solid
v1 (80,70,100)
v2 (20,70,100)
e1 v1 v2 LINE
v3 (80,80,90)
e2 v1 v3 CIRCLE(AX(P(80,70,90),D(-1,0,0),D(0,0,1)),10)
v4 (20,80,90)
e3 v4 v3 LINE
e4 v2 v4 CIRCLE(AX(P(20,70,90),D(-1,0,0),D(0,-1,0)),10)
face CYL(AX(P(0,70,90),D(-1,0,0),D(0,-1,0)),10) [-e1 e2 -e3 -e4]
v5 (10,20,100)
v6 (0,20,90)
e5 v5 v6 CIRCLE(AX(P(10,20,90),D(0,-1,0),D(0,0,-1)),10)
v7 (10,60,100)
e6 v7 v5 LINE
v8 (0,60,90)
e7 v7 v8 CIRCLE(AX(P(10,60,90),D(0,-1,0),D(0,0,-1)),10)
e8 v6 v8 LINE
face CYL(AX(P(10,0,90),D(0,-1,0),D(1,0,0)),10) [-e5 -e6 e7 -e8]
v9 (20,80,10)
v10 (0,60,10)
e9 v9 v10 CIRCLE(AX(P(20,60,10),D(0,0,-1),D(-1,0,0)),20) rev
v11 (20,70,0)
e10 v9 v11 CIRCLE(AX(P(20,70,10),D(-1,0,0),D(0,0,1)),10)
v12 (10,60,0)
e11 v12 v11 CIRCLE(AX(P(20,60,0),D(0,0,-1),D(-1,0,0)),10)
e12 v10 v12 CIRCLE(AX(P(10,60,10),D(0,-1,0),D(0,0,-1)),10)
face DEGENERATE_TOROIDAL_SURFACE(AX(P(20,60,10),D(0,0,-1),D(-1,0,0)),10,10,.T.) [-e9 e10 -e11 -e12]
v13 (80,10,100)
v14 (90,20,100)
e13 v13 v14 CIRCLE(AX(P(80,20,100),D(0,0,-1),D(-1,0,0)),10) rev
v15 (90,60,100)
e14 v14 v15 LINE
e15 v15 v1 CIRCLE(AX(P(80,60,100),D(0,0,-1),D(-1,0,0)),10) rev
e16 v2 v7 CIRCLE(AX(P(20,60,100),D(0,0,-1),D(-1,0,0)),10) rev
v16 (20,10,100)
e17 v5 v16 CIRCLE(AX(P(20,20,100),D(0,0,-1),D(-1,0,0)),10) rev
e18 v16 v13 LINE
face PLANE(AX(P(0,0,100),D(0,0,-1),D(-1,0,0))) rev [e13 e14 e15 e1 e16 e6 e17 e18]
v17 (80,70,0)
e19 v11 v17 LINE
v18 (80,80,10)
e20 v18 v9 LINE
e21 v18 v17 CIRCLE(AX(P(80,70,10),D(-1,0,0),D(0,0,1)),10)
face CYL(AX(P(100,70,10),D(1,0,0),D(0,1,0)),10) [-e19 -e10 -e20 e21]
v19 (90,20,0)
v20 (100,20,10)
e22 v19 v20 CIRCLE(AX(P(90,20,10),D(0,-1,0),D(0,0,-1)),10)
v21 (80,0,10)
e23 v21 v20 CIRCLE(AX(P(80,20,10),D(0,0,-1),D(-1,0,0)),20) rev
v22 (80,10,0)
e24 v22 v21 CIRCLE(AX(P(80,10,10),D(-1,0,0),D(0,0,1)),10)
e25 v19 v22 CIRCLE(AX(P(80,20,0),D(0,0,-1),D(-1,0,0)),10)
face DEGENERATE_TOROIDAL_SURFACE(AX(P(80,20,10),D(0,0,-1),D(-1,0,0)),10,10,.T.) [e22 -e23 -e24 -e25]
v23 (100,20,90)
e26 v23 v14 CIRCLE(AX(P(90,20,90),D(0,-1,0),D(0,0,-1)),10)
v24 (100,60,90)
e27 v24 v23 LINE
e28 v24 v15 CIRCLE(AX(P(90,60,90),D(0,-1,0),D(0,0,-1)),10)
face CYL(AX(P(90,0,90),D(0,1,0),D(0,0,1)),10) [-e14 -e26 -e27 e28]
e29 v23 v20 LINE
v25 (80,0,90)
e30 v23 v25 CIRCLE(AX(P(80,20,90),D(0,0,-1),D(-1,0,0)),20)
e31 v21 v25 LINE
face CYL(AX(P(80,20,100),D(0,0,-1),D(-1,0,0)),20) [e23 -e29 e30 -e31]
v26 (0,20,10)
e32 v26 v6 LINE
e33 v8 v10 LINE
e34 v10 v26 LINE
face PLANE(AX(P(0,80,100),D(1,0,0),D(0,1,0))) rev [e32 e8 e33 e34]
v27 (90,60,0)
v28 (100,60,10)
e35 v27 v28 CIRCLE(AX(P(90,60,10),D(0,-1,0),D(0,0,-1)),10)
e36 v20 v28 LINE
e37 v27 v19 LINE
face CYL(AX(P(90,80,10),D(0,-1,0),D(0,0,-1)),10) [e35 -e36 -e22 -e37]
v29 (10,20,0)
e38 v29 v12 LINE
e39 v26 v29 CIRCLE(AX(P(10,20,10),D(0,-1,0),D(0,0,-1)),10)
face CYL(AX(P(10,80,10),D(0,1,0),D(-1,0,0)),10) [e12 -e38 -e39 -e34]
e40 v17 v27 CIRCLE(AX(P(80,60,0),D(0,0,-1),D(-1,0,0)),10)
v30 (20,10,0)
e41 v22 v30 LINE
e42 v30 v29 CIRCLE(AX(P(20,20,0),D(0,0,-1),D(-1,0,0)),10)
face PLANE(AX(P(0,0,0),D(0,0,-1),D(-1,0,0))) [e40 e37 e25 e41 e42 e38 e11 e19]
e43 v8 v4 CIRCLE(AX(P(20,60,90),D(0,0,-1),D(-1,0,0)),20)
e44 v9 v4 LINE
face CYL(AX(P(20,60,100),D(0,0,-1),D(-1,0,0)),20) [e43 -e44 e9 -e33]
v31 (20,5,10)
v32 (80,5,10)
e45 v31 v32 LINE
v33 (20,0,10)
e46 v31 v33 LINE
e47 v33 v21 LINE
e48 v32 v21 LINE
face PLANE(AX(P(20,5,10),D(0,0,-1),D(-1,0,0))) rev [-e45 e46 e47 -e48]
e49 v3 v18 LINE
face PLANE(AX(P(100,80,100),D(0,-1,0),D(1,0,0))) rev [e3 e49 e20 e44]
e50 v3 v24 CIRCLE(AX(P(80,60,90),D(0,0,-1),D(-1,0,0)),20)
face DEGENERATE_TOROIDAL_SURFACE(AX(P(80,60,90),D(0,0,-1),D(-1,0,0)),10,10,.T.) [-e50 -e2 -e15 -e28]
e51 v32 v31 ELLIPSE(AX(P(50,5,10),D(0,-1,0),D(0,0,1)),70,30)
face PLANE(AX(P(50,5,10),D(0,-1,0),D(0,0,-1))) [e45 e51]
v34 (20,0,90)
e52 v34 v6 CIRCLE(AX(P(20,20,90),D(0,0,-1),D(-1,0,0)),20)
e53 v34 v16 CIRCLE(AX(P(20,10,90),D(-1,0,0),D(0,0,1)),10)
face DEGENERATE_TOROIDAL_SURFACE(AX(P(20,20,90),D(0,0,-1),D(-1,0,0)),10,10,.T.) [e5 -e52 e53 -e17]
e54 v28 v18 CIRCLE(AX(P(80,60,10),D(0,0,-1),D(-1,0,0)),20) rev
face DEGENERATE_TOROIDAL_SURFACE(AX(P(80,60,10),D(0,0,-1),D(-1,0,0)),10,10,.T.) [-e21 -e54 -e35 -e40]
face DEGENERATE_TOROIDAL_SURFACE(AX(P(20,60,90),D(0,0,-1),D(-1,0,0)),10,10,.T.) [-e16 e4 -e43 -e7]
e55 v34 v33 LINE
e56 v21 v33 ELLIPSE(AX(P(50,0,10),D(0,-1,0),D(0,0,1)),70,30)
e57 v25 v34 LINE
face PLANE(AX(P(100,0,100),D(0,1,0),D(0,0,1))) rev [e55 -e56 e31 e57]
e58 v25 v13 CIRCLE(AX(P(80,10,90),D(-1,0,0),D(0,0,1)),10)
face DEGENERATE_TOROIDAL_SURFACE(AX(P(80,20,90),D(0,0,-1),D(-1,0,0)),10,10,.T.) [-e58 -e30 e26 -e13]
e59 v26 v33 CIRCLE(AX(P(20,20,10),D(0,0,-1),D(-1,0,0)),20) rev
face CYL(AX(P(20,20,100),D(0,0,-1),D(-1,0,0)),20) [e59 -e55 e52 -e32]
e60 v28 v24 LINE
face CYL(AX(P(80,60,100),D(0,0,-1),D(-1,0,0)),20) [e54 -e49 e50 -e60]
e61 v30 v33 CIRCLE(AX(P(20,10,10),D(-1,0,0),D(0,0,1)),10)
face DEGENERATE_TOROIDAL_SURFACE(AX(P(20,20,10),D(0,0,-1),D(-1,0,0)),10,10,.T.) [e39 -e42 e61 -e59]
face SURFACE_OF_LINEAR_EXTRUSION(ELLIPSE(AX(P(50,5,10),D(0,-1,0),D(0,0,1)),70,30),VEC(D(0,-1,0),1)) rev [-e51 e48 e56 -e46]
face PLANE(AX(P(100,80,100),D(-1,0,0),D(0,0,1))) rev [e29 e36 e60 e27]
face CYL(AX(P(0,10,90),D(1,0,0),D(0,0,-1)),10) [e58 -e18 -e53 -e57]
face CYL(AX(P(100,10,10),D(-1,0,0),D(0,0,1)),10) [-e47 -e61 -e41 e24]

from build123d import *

# Parameters (mm, degrees)
SKETCH_1_W          = 100
SKETCH_1_H          = 80
EXTRUDE_1_DEPTH     = 100
FILLET_1_R          = 20
FILLET_2_R          = 10
CUT_EXTRUDE_1_DEPTH = 5


with BuildPart() as part:
    # Эскиз1 → Бобышка-Вытянуть1 (new body)
    with BuildSketch(Plane.XY):
        with Locations((50, 40)):
            Rectangle(SKETCH_1_W, SKETCH_1_H)
    extrude(amount=EXTRUDE_1_DEPTH)

    # Скругление1
    fillet_1_edges = [part.edges().sort_by_distance(p)[0] for p in [
        (100, 0, 50),
        (0, 0, 50),
        (0, 80, 50),
        (100, 80, 50),
    ]]
    fillet(fillet_1_edges, radius=FILLET_1_R)

    # Скругление2
    fillet_2_edges = [part.edges().sort_by_distance(p)[0] for p in [
        (50, 80, 0),
        (50, 80, 100),
        (100, 40, 0),
        (50, 0, 0),
        (0, 40, 0),
        (5.857864376, 5.857864376, 0),
        (5.857864376, 74.142135624, 0),
        (94.142135624, 5.857864376, 0),
        (94.142135624, 74.142135624, 0),
        (100, 40, 100),
        (0, 40, 100),
        (50, 0, 100),
        (5.857864376, 5.857864376, 100),
        (5.857864376, 74.142135624, 100),
        (94.142135624, 5.857864376, 100),
        (94.142135624, 74.142135624, 100),
    ]]
    fillet(fillet_2_edges, radius=FILLET_2_R)

    # Эскиз2 → Вырез-Вытянуть1 (cut)
    with BuildSketch(Plane.XZ):
        with BuildLine():
            Line((20, 10), (80, 10))
            add(Edge.make_bspline(
                [(80, 10), (80, 80), (50, 80), (20, 80), (20, 10)],
                knots=[4.71238898, 4.71238898, 4.71238898, 6.283185307, 6.283185307, 7.853981634, 7.853981634, 7.853981634], degree=2, weights=[1, 0.707106781, 1, 0.707106781, 1]))
        make_face()
    extrude(amount=-CUT_EXTRUDE_1_DEPTH, mode=Mode.SUBTRACT)


solid = part.part
